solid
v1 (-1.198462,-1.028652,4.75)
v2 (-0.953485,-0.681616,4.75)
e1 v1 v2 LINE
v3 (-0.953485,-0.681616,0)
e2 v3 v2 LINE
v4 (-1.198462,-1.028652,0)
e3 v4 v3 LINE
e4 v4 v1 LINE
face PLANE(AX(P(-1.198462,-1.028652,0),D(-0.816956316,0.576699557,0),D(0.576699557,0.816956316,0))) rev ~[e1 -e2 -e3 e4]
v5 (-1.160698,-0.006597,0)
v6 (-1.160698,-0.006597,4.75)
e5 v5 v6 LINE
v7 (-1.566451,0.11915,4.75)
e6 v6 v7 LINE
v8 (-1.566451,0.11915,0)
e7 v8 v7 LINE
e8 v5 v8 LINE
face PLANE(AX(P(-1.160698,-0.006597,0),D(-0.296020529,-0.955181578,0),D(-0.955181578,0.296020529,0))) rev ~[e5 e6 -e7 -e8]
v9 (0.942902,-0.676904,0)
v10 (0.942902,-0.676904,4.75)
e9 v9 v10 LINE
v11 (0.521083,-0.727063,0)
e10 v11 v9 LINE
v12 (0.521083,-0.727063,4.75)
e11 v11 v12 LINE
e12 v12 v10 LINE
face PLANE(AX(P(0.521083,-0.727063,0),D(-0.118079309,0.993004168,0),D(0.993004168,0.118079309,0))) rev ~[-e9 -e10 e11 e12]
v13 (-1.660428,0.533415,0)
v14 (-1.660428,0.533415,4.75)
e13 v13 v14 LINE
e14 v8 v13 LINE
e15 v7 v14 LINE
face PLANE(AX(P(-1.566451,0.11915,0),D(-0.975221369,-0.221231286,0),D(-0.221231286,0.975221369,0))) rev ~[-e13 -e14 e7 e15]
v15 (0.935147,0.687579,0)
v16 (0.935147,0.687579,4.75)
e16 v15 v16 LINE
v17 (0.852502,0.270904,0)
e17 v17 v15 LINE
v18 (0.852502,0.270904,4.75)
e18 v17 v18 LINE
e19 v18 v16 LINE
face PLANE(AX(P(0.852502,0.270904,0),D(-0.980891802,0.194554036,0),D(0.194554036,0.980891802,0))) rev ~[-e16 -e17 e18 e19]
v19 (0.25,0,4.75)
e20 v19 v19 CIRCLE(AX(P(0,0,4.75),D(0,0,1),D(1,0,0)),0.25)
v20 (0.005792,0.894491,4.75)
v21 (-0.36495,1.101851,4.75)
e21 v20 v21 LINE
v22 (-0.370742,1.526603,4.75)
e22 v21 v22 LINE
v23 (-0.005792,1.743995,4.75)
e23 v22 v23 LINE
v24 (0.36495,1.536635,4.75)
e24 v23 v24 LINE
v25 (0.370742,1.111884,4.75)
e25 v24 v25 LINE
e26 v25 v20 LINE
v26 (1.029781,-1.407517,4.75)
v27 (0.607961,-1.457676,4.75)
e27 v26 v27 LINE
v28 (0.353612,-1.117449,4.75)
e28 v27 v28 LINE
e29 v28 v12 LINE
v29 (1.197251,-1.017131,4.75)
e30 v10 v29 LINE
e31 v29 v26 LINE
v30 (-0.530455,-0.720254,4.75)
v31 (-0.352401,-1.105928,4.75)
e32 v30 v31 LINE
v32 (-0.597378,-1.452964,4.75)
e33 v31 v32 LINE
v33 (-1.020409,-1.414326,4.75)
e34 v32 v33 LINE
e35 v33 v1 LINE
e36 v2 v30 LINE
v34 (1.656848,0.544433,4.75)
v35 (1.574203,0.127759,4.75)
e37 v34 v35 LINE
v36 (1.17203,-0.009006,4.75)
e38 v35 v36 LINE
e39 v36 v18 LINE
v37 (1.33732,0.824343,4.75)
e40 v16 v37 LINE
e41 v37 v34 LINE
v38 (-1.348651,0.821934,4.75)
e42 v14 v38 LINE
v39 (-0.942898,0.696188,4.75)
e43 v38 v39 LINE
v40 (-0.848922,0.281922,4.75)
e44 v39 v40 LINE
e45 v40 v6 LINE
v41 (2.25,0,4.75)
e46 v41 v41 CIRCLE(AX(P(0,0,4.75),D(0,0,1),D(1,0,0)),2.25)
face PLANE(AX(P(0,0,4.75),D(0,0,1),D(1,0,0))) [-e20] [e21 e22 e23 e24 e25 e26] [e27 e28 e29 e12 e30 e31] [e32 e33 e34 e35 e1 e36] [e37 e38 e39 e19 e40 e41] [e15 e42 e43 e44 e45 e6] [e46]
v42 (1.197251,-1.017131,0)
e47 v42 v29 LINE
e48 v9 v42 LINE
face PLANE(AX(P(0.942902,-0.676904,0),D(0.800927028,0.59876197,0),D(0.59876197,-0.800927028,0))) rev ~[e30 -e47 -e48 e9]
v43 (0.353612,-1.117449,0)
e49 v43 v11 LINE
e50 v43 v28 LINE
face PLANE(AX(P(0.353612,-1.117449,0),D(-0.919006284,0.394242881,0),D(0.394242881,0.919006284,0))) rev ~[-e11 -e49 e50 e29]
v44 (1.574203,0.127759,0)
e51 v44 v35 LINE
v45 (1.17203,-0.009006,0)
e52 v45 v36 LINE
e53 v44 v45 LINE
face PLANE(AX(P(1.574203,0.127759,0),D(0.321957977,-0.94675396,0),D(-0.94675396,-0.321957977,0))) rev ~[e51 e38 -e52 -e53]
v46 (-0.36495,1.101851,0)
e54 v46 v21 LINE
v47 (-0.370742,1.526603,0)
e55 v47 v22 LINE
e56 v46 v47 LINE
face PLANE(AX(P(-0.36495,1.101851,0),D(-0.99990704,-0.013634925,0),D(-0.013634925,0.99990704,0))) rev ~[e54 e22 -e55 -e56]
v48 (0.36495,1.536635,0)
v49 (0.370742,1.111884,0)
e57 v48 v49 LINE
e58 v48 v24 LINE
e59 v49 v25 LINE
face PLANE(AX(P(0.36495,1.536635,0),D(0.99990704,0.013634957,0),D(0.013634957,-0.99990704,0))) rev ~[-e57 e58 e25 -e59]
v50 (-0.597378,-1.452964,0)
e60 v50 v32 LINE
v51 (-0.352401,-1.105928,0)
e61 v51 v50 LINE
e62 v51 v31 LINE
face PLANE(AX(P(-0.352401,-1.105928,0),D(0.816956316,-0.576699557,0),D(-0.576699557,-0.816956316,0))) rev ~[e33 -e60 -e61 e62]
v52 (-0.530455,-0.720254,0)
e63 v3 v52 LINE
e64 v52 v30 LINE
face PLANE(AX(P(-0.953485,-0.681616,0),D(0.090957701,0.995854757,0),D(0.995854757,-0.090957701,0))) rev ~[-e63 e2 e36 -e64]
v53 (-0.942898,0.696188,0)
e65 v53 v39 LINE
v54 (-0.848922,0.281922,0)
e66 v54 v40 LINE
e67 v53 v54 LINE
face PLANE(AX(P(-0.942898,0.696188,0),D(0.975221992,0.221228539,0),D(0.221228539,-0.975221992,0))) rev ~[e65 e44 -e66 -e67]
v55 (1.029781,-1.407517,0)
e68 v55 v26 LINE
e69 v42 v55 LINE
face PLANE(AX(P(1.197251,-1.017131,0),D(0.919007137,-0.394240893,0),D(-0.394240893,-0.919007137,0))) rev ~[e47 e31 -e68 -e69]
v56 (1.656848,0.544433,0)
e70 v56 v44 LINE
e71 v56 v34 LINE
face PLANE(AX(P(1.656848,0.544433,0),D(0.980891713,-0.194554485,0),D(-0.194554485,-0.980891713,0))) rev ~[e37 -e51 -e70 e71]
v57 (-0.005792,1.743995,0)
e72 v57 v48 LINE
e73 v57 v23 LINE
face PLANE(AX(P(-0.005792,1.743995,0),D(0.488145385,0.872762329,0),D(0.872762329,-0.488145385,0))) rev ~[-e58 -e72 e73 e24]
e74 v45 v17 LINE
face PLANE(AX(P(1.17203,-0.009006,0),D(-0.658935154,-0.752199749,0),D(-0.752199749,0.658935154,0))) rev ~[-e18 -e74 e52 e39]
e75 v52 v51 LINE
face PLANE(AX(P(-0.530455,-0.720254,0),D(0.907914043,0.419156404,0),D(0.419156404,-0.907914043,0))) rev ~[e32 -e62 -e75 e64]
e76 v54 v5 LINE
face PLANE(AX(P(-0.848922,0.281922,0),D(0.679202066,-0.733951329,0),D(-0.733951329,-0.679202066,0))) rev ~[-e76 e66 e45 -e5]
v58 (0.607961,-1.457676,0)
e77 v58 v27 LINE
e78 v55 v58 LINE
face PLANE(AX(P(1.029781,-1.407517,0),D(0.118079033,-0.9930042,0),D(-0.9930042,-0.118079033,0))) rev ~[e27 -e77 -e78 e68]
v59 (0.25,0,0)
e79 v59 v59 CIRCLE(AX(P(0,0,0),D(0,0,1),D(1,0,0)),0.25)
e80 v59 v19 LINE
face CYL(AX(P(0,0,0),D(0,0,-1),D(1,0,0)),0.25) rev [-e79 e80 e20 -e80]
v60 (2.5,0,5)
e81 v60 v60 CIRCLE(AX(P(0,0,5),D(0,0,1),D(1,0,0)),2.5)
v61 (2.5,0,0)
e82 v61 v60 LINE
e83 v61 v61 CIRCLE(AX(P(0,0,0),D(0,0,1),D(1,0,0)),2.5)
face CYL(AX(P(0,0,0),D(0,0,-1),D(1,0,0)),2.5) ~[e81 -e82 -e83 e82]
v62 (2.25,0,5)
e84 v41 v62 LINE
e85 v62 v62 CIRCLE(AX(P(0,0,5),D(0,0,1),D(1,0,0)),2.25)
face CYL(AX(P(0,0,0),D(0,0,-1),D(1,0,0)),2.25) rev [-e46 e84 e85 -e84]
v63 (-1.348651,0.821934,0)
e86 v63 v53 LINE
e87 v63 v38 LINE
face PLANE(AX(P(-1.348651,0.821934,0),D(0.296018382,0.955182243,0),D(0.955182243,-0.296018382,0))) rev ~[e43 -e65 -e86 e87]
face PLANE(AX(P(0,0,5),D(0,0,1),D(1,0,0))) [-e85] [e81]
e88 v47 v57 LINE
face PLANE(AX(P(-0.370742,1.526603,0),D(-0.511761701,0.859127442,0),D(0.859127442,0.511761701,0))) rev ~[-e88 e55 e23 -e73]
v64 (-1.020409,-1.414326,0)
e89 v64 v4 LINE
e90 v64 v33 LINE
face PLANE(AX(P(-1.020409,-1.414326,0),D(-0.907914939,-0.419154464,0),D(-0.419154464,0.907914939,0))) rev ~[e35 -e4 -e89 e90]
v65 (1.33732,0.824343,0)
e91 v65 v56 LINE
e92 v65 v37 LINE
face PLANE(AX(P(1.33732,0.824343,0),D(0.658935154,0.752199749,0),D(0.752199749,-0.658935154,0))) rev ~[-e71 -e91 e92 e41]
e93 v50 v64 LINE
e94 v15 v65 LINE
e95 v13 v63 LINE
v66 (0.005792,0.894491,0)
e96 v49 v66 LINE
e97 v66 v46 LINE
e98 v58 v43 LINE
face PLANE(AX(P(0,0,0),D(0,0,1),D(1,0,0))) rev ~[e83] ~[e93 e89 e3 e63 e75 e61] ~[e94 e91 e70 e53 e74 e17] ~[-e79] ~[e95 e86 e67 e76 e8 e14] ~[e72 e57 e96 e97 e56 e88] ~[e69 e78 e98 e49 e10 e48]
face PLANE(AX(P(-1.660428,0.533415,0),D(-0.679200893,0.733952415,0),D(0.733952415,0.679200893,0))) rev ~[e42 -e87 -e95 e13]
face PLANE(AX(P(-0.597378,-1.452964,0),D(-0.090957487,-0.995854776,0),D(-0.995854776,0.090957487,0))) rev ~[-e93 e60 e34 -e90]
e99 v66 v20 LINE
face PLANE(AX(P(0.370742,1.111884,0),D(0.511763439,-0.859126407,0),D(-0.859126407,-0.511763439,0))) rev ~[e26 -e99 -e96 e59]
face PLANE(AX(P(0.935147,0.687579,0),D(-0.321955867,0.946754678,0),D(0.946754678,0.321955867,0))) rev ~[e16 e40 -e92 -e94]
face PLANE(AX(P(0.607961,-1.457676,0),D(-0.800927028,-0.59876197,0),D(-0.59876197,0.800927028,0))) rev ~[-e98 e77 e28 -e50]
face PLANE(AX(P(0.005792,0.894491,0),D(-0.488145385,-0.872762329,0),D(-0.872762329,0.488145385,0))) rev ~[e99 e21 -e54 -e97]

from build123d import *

# Parameters (mm, degrees)
F0_R     = 2.5
F0_R_2   = 2.25
F1_DEPTH = 5
F0_R_3   = 0.25
F2_DEPTH = 4.75


with BuildPart() as f1:
    # F0 (on Top) → F1 (new body)
    with BuildSketch(Plane.XY):
        Circle(F0_R)
        Circle(F0_R_2, mode=Mode.SUBTRACT)
    extrude(amount=F1_DEPTH)

    # F0 (on Top) → F2 (join)
    with BuildSketch(Plane.XY):
        Circle(F0_R_2)
        Polygon((-1.198462, -1.028652), (-0.953485, -0.681616), (-0.530455, -0.720254), (-0.352401, -1.105928), (-0.597378, -1.452964), (-1.020409, -1.414326), align=None, mode=Mode.SUBTRACT)
        Polygon((0.607961, -1.457676), (0.353612, -1.117449), (0.521083, -0.727063), (0.942902, -0.676904), (1.197251, -1.017131), (1.029781, -1.407517), align=None, mode=Mode.SUBTRACT)
        Polygon((-1.348651, 0.821934), (-0.942898, 0.696188), (-0.848922, 0.281922), (-1.160698, -0.006597), (-1.566451, 0.11915), (-1.660428, 0.533415), align=None, mode=Mode.SUBTRACT)
        Circle(F0_R_3, mode=Mode.SUBTRACT)
        Polygon((1.574203, 0.127759), (1.17203, -0.009006), (0.852502, 0.270904), (0.935147, 0.687579), (1.33732, 0.824343), (1.656848, 0.544433), align=None, mode=Mode.SUBTRACT)
        Polygon((0.370742, 1.111884), (0.005792, 0.894491), (-0.36495, 1.101851), (-0.370742, 1.526603), (-0.005792, 1.743995), (0.36495, 1.536635), align=None, mode=Mode.SUBTRACT)
    extrude(amount=F2_DEPTH)


solid = f1.part
